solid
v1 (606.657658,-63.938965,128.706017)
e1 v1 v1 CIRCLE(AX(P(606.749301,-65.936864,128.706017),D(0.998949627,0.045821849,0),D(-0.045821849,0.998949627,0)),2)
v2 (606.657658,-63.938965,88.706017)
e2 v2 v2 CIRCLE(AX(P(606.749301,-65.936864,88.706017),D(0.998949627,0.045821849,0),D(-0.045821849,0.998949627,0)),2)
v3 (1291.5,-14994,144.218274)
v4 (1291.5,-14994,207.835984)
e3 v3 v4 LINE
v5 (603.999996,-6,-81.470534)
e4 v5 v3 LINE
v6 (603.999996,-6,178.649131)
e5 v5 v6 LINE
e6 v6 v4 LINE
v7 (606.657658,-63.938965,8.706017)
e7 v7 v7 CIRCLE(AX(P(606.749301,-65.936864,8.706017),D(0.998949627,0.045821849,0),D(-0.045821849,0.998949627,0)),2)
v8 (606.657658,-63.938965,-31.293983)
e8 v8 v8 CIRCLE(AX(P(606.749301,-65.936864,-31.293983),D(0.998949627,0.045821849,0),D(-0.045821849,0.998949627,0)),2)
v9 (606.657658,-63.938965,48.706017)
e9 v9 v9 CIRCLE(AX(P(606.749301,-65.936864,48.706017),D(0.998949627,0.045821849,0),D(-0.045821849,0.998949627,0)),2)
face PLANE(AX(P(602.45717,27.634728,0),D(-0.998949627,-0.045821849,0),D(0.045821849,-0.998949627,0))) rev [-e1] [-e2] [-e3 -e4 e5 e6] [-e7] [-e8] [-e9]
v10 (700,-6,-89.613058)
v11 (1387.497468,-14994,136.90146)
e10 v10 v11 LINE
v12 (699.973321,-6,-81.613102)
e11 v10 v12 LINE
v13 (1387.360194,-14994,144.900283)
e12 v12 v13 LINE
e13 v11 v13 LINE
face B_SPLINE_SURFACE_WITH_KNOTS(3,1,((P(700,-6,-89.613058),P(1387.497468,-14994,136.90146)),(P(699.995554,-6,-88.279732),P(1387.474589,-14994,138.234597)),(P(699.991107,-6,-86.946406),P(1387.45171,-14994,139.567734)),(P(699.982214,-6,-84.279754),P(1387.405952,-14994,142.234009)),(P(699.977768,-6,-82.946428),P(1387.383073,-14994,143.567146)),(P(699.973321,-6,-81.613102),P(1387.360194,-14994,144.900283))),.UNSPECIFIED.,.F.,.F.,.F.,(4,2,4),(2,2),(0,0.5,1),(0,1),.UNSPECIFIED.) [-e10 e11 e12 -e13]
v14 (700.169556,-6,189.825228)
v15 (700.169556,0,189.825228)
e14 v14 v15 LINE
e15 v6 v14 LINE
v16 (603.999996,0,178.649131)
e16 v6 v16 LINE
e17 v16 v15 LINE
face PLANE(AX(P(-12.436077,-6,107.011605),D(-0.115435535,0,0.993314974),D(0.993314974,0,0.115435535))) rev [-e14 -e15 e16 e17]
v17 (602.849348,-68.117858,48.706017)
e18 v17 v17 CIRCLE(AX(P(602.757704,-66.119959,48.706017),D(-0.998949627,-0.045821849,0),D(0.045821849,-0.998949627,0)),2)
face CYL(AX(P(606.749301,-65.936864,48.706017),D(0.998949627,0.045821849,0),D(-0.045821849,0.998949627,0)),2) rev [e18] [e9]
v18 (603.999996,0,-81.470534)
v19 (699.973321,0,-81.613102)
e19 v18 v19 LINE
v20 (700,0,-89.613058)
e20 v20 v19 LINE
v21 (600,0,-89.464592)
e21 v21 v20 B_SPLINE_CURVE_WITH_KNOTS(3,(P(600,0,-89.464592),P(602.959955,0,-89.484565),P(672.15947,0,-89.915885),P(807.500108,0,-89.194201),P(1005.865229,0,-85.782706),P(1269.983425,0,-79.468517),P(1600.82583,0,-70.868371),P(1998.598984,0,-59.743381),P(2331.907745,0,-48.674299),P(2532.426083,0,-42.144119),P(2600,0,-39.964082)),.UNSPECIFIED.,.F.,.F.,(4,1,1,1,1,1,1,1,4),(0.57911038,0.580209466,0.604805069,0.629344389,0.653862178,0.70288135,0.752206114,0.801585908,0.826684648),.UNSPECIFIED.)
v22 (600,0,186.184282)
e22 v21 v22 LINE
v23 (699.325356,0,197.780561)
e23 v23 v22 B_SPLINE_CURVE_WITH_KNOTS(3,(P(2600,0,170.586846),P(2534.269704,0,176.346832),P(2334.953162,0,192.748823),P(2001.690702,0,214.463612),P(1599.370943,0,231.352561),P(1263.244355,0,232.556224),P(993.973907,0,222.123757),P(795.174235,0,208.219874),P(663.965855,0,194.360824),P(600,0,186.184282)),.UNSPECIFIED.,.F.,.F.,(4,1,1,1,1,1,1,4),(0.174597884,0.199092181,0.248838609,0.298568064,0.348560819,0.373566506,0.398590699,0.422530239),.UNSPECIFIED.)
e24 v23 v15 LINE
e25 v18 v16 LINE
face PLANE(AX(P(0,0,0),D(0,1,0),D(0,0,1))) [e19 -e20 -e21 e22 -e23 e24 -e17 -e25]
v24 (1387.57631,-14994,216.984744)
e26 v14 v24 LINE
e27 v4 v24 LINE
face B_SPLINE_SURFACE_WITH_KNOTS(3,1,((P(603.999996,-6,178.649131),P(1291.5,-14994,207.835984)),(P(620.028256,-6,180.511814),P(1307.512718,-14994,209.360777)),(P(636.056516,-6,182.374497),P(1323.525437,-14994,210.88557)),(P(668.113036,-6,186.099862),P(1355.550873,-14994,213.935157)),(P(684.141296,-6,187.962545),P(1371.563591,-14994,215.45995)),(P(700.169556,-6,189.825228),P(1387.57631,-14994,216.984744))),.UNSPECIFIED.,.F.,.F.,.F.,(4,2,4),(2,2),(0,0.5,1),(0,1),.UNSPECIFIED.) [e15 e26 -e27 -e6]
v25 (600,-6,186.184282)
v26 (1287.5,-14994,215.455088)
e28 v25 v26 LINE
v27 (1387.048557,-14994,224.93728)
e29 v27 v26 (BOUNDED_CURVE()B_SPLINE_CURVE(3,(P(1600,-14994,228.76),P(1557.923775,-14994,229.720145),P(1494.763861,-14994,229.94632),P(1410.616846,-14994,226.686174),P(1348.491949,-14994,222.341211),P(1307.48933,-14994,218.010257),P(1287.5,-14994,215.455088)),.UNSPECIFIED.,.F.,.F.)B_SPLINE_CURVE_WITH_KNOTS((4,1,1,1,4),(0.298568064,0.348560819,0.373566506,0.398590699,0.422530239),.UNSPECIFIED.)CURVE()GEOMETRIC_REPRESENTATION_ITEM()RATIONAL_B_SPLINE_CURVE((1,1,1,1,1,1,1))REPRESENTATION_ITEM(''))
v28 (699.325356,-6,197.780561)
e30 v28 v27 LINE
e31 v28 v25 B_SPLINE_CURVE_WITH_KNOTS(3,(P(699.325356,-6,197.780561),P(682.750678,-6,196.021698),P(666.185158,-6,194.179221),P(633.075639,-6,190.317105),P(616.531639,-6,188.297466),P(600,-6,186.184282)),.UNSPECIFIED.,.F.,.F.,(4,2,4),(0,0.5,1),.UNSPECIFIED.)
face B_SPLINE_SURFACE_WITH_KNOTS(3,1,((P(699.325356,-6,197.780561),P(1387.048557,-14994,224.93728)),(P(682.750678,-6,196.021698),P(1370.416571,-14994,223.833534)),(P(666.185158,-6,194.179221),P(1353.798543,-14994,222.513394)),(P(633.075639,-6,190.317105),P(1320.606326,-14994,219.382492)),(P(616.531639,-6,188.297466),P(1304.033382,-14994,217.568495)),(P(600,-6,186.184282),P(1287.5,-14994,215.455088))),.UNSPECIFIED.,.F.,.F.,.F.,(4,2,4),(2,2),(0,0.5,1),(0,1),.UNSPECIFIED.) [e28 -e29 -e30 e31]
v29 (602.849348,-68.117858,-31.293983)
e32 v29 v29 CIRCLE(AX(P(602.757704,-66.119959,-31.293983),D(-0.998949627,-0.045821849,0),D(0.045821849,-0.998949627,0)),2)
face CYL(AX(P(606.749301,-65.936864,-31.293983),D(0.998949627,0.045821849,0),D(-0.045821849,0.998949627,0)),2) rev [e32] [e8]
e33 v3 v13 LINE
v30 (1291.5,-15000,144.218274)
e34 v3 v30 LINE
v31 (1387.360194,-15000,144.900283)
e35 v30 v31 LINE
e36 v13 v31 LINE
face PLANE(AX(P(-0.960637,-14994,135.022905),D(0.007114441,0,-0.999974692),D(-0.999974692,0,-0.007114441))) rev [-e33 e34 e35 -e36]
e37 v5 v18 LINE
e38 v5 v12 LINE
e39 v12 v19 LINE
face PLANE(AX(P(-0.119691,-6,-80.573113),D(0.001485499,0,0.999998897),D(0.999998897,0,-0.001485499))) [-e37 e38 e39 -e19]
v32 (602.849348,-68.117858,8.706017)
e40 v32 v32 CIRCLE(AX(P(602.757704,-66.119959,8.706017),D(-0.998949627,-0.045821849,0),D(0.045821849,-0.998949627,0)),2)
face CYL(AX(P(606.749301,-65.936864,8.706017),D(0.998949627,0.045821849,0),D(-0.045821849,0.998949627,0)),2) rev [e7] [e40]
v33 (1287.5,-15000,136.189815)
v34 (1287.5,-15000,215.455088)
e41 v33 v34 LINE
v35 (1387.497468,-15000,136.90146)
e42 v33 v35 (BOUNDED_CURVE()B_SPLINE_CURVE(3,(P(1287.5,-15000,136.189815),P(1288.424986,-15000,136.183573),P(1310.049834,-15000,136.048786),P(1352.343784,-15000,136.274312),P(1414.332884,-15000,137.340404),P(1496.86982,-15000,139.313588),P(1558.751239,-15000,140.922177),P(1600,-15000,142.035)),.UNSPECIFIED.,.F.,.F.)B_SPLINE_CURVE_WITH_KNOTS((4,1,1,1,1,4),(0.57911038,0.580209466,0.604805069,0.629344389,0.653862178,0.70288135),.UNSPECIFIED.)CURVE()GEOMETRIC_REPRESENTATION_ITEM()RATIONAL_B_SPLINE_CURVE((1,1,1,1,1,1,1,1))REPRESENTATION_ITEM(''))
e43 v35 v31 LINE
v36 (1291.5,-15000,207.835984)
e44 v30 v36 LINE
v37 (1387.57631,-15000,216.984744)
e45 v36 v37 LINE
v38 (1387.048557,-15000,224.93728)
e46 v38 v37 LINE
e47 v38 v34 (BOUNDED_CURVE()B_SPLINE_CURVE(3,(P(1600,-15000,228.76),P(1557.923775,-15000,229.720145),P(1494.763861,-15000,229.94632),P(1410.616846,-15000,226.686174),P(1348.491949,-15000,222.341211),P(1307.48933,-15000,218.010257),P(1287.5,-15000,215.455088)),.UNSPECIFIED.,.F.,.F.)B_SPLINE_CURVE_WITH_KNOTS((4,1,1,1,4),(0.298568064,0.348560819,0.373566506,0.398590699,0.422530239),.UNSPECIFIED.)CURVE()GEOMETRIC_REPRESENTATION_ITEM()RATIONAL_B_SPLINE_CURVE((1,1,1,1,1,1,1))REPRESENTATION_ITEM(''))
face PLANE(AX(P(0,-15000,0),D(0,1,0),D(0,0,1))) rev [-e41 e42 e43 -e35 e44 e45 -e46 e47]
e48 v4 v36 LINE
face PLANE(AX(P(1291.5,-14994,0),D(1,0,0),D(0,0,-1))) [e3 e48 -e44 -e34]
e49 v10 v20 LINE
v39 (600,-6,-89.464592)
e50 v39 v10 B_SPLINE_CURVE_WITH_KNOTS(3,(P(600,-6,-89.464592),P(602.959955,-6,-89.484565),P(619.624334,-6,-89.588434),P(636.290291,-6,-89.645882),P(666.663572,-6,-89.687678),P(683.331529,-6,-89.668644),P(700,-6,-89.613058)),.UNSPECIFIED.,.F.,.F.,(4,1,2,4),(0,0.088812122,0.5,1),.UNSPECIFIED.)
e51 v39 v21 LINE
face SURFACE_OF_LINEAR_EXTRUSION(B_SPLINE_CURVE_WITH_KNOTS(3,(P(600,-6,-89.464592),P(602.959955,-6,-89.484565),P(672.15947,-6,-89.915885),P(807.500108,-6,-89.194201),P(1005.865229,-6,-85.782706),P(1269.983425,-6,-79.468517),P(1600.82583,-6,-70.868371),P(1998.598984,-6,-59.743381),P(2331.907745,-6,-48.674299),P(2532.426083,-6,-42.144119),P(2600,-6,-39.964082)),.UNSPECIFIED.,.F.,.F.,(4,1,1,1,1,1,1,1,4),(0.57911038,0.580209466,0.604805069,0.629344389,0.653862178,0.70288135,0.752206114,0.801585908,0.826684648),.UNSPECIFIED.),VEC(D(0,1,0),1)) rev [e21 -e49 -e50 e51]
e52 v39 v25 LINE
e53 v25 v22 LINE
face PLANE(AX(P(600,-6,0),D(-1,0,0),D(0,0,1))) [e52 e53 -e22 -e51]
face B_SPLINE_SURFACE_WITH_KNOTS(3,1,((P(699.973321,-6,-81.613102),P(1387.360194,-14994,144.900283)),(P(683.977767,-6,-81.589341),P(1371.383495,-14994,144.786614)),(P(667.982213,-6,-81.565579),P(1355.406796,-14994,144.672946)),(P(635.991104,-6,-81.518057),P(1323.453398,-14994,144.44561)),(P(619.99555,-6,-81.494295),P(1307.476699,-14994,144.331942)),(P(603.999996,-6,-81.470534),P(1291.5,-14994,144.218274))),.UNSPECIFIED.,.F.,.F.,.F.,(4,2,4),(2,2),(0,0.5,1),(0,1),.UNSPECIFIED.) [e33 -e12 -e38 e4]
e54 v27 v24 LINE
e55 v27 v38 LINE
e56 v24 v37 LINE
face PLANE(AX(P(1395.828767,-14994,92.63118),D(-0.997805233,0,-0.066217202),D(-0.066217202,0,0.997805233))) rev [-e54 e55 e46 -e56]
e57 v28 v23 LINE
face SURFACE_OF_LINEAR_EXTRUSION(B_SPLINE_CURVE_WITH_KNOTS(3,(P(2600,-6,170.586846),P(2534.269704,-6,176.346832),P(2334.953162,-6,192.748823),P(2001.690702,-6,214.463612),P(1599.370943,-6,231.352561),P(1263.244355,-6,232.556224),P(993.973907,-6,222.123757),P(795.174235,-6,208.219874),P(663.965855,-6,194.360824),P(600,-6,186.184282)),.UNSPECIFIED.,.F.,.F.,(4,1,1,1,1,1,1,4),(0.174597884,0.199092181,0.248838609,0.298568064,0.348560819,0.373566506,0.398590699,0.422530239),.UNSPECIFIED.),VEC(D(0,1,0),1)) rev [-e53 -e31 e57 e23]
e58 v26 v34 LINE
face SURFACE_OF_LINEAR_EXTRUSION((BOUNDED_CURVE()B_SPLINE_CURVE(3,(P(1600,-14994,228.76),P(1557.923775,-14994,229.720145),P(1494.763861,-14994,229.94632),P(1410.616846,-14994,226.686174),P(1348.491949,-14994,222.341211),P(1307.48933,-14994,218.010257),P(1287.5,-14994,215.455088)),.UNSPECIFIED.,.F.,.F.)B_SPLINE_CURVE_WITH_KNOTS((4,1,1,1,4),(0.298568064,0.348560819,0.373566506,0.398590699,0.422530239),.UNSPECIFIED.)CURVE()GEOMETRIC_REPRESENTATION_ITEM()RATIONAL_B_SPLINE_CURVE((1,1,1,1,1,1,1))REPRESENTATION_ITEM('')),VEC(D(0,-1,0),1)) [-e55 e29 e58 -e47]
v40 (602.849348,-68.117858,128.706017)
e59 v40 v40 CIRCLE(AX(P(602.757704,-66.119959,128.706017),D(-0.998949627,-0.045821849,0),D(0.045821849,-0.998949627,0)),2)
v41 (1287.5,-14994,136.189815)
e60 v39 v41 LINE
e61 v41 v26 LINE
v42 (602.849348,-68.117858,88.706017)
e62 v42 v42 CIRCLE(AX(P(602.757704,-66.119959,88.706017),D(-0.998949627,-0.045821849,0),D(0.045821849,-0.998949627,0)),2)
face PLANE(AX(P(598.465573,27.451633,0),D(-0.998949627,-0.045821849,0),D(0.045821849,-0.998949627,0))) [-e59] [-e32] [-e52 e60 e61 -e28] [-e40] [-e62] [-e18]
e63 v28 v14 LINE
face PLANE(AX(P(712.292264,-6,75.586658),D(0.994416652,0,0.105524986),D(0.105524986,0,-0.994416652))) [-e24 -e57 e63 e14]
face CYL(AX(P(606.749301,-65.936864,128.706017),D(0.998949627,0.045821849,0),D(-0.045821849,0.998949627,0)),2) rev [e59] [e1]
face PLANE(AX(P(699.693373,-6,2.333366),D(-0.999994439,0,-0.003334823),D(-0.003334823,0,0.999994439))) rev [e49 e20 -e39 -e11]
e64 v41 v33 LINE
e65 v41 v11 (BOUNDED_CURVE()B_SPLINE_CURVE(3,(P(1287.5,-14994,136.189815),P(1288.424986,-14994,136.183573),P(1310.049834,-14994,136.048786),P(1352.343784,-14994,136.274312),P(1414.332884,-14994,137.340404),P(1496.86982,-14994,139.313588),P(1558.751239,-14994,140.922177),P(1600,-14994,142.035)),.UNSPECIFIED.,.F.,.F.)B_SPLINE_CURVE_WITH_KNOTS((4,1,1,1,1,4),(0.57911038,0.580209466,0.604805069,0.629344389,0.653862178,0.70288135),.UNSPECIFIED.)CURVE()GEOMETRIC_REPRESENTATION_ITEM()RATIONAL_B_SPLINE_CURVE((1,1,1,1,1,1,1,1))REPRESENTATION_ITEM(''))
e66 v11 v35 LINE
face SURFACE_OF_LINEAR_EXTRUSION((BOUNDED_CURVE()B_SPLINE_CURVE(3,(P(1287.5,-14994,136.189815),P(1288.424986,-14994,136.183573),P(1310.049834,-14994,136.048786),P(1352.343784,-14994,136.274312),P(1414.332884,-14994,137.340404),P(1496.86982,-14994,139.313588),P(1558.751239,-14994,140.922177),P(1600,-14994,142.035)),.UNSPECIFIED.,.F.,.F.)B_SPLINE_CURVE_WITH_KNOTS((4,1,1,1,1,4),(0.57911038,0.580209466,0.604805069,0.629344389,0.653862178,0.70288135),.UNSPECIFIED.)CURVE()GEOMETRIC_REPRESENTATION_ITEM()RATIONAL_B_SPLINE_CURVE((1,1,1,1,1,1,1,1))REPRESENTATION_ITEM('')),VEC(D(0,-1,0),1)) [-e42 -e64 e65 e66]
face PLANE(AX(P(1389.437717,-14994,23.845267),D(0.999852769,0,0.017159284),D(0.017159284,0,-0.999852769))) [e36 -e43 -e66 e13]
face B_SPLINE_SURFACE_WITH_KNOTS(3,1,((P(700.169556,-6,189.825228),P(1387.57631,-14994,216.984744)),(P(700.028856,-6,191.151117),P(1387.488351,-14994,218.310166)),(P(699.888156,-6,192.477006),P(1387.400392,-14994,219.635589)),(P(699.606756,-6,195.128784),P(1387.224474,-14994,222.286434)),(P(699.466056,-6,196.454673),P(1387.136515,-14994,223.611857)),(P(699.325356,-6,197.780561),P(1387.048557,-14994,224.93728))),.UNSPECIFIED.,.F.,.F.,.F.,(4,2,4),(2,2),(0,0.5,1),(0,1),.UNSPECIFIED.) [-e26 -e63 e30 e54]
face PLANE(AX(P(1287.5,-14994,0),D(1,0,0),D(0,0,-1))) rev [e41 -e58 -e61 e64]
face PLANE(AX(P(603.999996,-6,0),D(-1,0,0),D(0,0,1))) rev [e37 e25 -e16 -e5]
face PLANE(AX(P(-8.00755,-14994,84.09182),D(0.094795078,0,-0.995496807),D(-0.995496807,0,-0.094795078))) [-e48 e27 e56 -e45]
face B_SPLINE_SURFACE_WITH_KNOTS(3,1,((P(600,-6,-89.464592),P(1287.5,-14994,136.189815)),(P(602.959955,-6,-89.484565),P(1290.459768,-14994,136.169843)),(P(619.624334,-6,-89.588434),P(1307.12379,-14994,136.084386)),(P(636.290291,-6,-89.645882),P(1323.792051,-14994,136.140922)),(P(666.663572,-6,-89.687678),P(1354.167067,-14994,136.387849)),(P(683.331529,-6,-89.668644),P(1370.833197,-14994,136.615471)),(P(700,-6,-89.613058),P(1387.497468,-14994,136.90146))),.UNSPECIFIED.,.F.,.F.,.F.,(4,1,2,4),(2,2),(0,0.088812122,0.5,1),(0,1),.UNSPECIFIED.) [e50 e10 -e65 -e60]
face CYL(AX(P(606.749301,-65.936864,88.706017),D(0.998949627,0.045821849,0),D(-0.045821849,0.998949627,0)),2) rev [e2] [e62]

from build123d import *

# Parameters (mm, degrees)
BOSS_EXTRUDE1_DEPTH       = 6
BOSS_EXTRUDE2_DEPTH       = 6
F_4_0MM_DOWEL_HOLE1_D     = 4
F_4_0MM_DOWEL_HOLE1_DEPTH = 691.055627624


with BuildPart() as part:
    # Sketch1 → Boss-Extrude1 (new body)
    with BuildSketch(Plane(origin=(0, 0, 0), x_dir=(1, 0, 0), z_dir=(0, 1, 0))):
        with BuildLine():
            add(Edge.make_bspline(
                [(600, 89.46459172), (602.959954579, 89.484565354), (636.288713828, 89.692302977), (669.6237834, 89.714357551), (700, 89.613057684)],
                knots=[0.57911038, 0.57911038, 0.57911038, 0.57911038, 0.580209466, 0.591485786, 0.591485786, 0.591485786, 0.591485786], degree=3))
            Line((600, 89.46459172), (600, -186.184281919))
            add(Edge.make_bspline(
                [(699.325355788, -197.780561394), (666.175999226, -194.262835331), (633.063278118, -190.410650527), (600, -186.184281919)],
                knots=[0.410156143, 0.410156143, 0.410156143, 0.410156143, 0.422530239, 0.422530239, 0.422530239, 0.422530239], degree=3))
            Line((699.325355788, -197.780561394), (700.169555672, -189.82522818))
            Line((700.169555672, -189.82522818), (603.999995587, -178.649131078))
            Line((603.999995587, -178.649131078), (603.999995587, 81.470533717))
            Line((603.999995587, 81.470533717), (699.973321417, 81.613102169))
            Line((699.973321417, 81.613102169), (700, 89.613057684))
        make_face()
    extrude(amount=-BOSS_EXTRUDE1_DEPTH)



with BuildPart() as body_2:
    # Sketch2 → Boss-Extrude2 (new body)
    with BuildSketch(Plane(origin=(0, -15000, 0), x_dir=(1, 0, 0), z_dir=(0, 1, 0))):
        with BuildLine():
            Line((1387.360193502, -144.900282568), (1387.497467773, -136.901460418))
            add(Edge.make_bspline(
                [(1287.5, -136.189815087), (1288.424985806, -136.183573327), (1310.049834391, -136.048785988), (1343.389593971, -136.226565365), (1375.794996952, -136.700624831), (1387.497467773, -136.901460418)],
                knots=[0.57911038, 0.57911038, 0.57911038, 0.57911038, 0.580209466, 0.604805069, 0.618709183, 0.618709183, 0.618709183, 0.618709183], degree=3))
            Line((1287.5, -136.189815087), (1287.5, -215.4550881))
            add(Edge.make_bspline(
                [(1387.048556653, -224.93727991), (1373.893130502, -224.064248291), (1340.651757958, -221.513080746), (1307.489329718, -218.010257468), (1287.5, -215.4550881)],
                knots=[0.382928957, 0.382928957, 0.382928957, 0.382928957, 0.398590699, 0.422530239, 0.422530239, 0.422530239, 0.422530239], degree=3))
            Line((1387.048556653, -224.93727991), (1387.576309659, -216.984743553))
            Line((1387.576309659, -216.984743553), (1291.5, -207.835983658))
            Line((1291.5, -207.835983658), (1291.5, -144.218273573))
            Line((1291.5, -144.218273573), (1387.360193502, -144.900282568))
        make_face()
    extrude(amount=BOSS_EXTRUDE2_DEPTH)


with BuildPart() as part_1:
    add(part.part)

    add(body_2.part)  # loft1 joins it to this body
    # loft from a face of the part (loft1)
    loft([part_1.faces().sort_by_distance((600.955915883, -6, 48.589298681))[0], part_1.faces().sort_by_distance((1385.977348347, -14994, 220.872411694))[0]])

    # Ø4.0mm Dowel Hole1
    with Locations(Plane(origin=(604.759954203, -22.567650438, -62.95369296), x_dir=(-0.04582184903055539, 0.9989496274344474, 0), z_dir=(0.9989496274344474, 0.04582184903055539, 1.045988805960479e-14))):
        with Locations((-43.414815533, 111.659709576), (-43.414815533, 151.659709576), (-43.414815533, 191.659709576), (-43.414815533, 71.659709576), (-43.414815533, 31.659709576)):
            Hole(F_4_0MM_DOWEL_HOLE1_D / 2, depth=F_4_0MM_DOWEL_HOLE1_DEPTH)


solid = part_1.part
